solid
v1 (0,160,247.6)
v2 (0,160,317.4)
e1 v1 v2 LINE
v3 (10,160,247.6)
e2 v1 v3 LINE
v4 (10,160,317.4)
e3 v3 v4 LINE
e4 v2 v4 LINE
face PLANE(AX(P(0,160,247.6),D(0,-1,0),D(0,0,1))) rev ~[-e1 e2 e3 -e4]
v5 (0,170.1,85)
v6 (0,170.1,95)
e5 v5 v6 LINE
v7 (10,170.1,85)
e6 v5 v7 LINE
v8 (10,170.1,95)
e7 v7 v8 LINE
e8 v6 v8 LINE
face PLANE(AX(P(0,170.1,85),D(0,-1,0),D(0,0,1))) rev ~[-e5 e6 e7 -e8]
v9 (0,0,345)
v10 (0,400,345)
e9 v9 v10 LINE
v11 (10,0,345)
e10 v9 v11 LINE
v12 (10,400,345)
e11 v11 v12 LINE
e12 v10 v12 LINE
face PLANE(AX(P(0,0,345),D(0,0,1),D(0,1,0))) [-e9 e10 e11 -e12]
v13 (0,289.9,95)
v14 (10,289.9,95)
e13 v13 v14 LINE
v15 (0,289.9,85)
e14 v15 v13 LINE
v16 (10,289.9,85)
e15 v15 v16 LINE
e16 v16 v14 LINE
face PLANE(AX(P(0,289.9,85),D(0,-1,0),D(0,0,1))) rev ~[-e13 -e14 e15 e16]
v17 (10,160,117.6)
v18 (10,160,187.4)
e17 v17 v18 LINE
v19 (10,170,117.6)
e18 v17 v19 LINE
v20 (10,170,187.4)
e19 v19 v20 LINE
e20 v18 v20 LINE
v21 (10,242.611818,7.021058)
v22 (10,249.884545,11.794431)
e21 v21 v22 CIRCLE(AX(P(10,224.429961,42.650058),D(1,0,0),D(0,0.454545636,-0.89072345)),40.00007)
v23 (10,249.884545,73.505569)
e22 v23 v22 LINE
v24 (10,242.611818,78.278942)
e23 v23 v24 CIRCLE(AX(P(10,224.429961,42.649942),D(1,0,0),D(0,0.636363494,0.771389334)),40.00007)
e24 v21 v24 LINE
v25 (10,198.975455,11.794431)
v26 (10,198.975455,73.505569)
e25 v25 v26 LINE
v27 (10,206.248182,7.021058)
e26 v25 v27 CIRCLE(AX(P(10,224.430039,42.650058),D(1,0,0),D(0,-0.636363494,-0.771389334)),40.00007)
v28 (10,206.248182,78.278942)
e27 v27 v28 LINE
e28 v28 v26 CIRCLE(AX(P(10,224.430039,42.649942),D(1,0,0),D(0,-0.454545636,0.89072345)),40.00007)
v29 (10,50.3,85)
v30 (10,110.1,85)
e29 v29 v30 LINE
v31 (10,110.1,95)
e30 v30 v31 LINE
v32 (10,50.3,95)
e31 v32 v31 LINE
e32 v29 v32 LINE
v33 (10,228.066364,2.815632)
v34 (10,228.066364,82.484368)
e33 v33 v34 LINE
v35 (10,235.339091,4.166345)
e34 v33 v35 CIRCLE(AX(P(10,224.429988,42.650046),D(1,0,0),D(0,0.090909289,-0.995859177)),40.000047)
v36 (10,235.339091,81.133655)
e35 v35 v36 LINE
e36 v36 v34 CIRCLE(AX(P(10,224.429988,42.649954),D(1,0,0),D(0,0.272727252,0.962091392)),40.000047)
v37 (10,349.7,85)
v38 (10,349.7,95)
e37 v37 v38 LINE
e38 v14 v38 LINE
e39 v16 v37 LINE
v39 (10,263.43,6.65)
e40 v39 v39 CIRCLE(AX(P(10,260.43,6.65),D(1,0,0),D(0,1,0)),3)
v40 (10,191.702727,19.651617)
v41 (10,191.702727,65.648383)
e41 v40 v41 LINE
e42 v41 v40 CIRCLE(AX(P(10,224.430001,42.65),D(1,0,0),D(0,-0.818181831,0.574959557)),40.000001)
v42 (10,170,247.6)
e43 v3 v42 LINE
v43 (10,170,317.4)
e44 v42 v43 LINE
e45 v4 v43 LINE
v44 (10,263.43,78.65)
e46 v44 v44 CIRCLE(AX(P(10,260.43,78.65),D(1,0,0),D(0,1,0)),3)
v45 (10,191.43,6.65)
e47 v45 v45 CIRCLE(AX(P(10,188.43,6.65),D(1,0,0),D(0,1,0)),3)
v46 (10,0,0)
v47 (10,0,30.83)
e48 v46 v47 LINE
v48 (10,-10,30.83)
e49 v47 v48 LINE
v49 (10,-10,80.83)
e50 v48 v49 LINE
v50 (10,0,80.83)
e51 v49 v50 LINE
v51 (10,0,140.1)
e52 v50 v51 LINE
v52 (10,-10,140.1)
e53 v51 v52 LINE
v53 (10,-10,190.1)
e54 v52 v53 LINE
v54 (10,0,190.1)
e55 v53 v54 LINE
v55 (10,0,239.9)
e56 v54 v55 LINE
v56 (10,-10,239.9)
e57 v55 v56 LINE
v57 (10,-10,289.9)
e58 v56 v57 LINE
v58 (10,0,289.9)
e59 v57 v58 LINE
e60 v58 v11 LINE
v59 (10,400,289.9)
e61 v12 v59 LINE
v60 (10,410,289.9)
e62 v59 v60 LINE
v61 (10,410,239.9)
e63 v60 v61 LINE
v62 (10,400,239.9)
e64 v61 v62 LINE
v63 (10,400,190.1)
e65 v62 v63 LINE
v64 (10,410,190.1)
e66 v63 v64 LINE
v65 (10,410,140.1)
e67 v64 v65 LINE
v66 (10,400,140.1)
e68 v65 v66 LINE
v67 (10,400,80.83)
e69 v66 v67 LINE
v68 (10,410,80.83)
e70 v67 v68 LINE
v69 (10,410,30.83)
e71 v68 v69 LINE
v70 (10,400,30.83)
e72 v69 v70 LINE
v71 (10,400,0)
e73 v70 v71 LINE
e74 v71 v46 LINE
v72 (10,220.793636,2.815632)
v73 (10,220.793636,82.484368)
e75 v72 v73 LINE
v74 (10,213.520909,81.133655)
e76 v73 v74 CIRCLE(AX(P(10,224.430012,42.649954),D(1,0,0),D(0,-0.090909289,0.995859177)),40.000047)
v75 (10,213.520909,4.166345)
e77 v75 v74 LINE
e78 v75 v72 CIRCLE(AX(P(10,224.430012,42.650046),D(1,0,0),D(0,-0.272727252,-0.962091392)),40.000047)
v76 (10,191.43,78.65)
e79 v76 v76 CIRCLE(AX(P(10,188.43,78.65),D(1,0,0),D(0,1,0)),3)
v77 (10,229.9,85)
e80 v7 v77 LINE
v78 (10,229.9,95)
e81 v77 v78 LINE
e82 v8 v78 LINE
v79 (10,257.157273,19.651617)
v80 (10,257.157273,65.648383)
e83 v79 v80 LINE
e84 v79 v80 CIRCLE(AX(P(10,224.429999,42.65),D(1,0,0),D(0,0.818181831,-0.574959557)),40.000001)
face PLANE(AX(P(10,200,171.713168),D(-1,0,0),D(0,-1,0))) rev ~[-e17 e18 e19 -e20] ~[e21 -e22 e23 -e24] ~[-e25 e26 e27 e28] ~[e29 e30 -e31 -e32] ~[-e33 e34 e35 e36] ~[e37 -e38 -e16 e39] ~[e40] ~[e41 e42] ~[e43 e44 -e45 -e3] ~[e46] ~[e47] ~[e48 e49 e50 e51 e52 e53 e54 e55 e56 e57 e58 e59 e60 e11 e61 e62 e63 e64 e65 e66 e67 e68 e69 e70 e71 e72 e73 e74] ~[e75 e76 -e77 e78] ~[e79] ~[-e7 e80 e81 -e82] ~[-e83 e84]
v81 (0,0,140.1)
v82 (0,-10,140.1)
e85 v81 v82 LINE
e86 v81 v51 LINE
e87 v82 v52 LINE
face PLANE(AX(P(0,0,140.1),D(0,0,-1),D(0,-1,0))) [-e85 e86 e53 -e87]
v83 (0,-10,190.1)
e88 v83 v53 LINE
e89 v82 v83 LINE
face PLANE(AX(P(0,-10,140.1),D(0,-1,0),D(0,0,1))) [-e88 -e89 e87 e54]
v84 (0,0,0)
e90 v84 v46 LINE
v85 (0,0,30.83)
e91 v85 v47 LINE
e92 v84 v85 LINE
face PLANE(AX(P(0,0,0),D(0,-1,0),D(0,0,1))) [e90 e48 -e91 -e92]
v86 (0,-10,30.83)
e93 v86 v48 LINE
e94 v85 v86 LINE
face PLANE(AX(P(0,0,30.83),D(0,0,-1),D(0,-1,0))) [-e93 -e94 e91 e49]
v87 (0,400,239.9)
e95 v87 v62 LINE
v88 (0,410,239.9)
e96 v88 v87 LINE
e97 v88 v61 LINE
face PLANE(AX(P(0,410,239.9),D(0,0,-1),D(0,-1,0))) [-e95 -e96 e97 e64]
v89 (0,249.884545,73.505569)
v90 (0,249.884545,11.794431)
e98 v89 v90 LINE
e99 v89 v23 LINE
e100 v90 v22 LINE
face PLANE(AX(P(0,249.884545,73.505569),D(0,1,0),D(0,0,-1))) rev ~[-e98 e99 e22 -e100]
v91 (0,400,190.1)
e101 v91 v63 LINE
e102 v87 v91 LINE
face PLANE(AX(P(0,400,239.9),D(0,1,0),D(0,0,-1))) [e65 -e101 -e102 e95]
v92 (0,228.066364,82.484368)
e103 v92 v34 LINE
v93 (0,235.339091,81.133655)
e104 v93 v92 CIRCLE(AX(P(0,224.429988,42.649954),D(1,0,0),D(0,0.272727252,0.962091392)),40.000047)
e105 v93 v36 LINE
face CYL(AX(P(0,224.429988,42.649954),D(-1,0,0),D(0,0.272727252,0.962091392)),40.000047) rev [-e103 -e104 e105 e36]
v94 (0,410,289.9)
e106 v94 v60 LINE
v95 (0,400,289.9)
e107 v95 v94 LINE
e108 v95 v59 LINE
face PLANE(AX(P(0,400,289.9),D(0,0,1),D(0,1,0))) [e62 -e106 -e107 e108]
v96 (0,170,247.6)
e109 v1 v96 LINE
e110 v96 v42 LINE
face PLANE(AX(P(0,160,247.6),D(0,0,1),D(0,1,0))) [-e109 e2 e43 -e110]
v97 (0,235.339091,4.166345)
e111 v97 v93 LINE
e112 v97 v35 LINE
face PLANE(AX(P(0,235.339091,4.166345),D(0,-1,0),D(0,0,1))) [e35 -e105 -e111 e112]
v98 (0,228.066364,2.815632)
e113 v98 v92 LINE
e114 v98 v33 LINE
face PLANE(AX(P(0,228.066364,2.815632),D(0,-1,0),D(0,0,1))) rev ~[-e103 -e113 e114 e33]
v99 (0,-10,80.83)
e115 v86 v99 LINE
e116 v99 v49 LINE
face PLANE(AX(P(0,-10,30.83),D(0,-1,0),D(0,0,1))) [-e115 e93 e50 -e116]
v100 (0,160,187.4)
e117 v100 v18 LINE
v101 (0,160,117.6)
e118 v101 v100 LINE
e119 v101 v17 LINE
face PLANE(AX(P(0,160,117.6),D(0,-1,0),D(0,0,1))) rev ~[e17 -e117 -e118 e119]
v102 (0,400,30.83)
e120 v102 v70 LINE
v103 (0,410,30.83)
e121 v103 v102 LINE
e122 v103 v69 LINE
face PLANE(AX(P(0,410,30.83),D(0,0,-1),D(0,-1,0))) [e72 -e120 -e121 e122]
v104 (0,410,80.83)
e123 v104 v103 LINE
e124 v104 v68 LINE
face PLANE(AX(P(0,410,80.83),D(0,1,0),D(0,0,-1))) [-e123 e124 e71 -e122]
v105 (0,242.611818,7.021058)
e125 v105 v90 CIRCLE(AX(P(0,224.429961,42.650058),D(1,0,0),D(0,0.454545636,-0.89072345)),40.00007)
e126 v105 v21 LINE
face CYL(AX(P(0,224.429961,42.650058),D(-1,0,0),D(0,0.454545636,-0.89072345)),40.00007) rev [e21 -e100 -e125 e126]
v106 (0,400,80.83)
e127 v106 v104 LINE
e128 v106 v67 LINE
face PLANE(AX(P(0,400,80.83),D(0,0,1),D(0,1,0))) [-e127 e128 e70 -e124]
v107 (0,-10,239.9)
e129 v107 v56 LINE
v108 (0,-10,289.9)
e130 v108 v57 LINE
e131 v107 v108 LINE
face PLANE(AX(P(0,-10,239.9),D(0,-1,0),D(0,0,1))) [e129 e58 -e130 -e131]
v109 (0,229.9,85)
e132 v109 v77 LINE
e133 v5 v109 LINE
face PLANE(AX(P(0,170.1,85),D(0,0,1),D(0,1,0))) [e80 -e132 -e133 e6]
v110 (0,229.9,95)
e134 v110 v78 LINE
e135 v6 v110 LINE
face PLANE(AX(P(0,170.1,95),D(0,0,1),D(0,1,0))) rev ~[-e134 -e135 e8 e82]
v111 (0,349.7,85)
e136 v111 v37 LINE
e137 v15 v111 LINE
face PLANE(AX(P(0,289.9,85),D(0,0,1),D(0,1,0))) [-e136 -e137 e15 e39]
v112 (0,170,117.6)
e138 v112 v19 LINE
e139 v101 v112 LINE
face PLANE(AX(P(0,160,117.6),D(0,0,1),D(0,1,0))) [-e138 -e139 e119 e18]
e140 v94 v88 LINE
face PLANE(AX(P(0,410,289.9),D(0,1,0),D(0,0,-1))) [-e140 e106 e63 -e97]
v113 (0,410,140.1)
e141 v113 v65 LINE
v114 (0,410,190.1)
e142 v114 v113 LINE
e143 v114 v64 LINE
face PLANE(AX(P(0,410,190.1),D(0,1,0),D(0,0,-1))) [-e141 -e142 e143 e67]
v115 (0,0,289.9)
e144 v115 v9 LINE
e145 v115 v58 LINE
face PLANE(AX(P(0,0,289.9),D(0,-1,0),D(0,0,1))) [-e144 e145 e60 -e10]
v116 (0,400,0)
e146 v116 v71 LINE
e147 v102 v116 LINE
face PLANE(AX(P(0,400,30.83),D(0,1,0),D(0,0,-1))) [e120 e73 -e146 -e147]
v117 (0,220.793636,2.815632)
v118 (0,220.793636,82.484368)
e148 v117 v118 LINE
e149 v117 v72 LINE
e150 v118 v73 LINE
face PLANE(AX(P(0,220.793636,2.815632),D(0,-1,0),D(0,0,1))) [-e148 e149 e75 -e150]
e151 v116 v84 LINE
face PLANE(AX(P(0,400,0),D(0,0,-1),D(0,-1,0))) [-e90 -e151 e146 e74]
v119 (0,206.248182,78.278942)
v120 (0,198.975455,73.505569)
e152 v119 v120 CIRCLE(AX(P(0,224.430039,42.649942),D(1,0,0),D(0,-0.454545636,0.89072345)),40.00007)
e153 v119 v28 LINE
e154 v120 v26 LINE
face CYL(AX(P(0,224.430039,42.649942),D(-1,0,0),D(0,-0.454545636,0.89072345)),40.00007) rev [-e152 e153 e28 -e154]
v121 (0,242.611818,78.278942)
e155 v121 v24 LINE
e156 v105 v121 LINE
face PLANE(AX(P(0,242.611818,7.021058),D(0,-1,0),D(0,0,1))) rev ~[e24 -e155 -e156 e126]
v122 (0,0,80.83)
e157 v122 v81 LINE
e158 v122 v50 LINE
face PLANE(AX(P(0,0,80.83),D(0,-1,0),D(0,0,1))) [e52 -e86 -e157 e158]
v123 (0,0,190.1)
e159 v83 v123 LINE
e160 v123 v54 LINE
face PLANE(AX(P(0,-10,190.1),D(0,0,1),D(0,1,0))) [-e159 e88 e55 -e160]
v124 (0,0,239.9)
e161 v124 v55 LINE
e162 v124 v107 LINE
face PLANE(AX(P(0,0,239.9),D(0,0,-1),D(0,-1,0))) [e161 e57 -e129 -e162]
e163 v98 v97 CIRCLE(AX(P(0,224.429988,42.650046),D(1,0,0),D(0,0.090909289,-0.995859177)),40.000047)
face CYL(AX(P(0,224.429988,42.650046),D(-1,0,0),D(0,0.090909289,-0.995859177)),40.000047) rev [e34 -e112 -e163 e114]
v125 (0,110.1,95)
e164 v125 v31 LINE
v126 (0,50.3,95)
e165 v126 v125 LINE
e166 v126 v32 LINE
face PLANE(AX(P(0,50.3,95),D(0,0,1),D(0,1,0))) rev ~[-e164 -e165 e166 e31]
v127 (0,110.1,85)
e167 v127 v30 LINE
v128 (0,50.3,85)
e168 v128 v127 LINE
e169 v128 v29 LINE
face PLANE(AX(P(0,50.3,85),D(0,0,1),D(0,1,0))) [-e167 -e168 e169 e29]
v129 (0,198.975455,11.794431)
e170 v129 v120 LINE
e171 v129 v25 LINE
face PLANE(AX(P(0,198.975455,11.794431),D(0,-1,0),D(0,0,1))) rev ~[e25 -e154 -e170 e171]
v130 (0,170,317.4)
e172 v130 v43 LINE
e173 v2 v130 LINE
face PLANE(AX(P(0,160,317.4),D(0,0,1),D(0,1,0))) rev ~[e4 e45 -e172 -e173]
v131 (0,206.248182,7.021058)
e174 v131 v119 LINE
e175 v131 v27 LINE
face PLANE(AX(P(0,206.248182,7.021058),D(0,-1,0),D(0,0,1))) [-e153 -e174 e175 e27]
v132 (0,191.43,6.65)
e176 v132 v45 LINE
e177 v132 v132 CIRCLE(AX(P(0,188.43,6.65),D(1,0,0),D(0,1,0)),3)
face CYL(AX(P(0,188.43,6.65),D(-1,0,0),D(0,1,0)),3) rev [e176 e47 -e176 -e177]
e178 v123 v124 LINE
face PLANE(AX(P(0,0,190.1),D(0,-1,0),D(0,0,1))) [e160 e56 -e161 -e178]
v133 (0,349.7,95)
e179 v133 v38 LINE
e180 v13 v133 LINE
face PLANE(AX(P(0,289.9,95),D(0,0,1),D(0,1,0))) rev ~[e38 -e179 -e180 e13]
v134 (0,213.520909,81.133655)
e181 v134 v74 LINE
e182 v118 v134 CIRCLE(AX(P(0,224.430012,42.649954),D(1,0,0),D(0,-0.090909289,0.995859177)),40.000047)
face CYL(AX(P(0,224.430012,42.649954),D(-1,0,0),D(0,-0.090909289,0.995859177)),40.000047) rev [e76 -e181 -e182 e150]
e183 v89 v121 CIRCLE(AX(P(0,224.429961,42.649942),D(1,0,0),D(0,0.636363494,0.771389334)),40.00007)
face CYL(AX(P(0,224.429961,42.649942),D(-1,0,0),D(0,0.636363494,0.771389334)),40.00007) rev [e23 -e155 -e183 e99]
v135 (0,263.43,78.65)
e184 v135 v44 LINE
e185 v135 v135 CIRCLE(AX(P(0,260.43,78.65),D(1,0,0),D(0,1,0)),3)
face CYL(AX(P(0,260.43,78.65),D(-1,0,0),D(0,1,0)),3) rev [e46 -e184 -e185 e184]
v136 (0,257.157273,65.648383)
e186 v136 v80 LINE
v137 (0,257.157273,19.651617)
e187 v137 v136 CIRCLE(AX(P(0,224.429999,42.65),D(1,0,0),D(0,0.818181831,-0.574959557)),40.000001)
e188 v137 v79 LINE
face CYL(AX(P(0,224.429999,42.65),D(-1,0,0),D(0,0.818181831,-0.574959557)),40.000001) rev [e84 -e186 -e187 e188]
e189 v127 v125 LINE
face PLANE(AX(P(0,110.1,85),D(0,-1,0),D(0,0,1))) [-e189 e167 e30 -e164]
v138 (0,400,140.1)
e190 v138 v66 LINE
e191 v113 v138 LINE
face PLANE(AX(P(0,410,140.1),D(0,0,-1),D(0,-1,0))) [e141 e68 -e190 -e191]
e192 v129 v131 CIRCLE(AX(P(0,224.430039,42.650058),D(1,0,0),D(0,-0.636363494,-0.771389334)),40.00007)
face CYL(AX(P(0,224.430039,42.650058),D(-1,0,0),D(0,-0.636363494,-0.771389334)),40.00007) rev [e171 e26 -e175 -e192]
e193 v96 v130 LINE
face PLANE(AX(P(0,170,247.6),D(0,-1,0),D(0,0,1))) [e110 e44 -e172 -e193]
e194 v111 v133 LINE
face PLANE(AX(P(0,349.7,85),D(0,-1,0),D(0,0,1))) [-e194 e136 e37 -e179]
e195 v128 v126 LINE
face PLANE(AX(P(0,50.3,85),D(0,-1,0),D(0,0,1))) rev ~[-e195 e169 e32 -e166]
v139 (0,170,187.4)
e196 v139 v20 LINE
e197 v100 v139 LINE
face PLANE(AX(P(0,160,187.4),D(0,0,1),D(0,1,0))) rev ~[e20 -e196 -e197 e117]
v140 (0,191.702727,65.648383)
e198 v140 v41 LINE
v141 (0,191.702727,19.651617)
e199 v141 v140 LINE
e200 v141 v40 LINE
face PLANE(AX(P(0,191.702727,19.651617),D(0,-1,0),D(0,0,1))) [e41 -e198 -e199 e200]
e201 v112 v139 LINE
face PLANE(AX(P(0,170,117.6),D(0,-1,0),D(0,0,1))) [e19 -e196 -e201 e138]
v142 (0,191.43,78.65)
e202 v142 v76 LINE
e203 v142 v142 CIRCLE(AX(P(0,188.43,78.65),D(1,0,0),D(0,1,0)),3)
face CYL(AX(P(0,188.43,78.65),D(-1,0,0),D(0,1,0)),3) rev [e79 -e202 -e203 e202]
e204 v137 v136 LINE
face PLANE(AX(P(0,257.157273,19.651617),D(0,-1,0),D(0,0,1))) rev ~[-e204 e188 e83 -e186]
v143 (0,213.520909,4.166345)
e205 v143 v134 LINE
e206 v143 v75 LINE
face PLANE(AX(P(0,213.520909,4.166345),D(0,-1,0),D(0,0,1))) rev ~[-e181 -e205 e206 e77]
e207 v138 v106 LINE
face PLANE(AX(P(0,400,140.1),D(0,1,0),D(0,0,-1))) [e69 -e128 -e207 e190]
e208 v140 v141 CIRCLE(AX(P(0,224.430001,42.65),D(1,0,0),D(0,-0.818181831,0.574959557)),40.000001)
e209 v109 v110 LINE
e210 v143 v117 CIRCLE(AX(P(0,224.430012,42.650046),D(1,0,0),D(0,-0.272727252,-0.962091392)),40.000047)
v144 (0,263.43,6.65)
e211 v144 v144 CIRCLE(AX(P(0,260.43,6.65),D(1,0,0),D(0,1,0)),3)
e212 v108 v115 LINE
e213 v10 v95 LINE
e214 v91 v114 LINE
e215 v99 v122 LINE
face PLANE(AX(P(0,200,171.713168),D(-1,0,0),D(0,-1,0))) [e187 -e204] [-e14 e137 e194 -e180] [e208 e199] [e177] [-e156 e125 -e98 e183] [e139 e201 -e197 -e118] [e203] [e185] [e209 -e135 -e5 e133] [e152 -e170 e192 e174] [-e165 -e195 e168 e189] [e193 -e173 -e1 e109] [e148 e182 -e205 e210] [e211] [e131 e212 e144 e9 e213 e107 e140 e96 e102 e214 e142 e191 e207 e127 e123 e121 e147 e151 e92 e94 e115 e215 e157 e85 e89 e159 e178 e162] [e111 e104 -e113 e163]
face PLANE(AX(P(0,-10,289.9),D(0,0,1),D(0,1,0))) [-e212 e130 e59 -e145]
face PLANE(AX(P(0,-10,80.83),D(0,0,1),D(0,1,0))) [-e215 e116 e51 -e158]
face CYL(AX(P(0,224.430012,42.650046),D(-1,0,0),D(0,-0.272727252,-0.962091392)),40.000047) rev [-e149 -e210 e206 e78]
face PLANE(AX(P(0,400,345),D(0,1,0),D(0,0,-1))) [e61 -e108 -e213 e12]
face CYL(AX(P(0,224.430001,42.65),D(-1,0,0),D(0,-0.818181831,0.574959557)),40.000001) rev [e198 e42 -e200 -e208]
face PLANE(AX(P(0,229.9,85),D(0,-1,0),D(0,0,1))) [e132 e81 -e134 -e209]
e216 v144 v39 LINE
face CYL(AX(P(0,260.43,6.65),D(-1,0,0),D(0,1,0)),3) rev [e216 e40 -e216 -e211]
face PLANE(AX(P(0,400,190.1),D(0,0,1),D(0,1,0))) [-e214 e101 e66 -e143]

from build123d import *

# Parameters (mm, degrees)
SKETCH_R   = 3
SKETCH_W   = 59.8
SKETCH_H   = 10
SKETCH_W_2 = 10
SKETCH_H_2 = 69.8
PAD_DEPTH  = 10


with BuildPart() as part:
    # Sketch → Pad (new body)
    with BuildSketch(Plane.YZ):
        Polygon((0, 0), (0, 30.83), (-10, 30.83), (-10, 80.83), (0, 80.83), (0, 140.1), (-10, 140.1), (-10, 190.1), (0, 190.1), (0, 239.9), (-10, 239.9), (-10, 289.9), (0, 289.9), (0, 345), (400, 345), (400, 289.9), (410, 289.9), (410, 239.9), (400, 239.9), (400, 190.1), (410, 190.1), (410, 140.1), (400, 140.1), (400, 80.83), (410, 80.83), (410, 30.83), (400, 30.83), (400, 0), align=None)
        with Locations((188.43, 6.65)):
            Circle(SKETCH_R, mode=Mode.SUBTRACT)
        with Locations((260.43, 6.65)):
            Circle(SKETCH_R, mode=Mode.SUBTRACT)
        with Locations((260.43, 78.65)):
            Circle(SKETCH_R, mode=Mode.SUBTRACT)
        with Locations((188.43, 78.65)):
            Circle(SKETCH_R, mode=Mode.SUBTRACT)
        with Locations((80.2, 90)):
            Rectangle(SKETCH_W, SKETCH_H, mode=Mode.SUBTRACT)
        with Locations((200, 90)):
            Rectangle(SKETCH_W, SKETCH_H, mode=Mode.SUBTRACT)
        with Locations((319.8, 90)):
            Rectangle(SKETCH_W, SKETCH_H, mode=Mode.SUBTRACT)
        with Locations((165, 282.5)):
            Rectangle(SKETCH_W_2, SKETCH_H_2, mode=Mode.SUBTRACT)
        with Locations((165, 152.5)):
            Rectangle(SKETCH_W_2, SKETCH_H_2, mode=Mode.SUBTRACT)
        with BuildLine():
            ThreePointArc((191.702727, 65.648383), (184.43, 42.65), (191.702727, 19.651617))
            Line((191.702727, 19.651617), (191.702727, 65.648383))
        make_face(mode=Mode.SUBTRACT)
        with BuildLine():
            Line((198.975455, 11.794431), (198.975455, 73.505569))
            ThreePointArc((206.248182, 78.278942), (202.481667, 76.090554), (198.975455, 73.505569))
            Line((206.248182, 7.021058), (206.248182, 78.278942))
            ThreePointArc((198.975455, 11.794431), (202.481667, 9.209446), (206.248182, 7.021058))
        make_face(mode=Mode.SUBTRACT)
        with BuildLine():
            Line((213.520909, 4.166345), (213.520909, 81.133655))
            ThreePointArc((220.793636, 82.484368), (217.125983, 81.977488), (213.520909, 81.133655))
            Line((220.793636, 2.815632), (220.793636, 82.484368))
            ThreePointArc((213.520909, 4.166345), (217.125983, 3.322512), (220.793636, 2.815632))
        make_face(mode=Mode.SUBTRACT)
        with BuildLine():
            Line((228.066364, 2.815632), (228.066364, 82.484368))
            ThreePointArc((235.339091, 81.133655), (231.734017, 81.977488), (228.066364, 82.484368))
            Line((235.339091, 4.166345), (235.339091, 81.133655))
            ThreePointArc((228.066364, 2.815632), (231.734017, 3.322512), (235.339091, 4.166345))
        make_face(mode=Mode.SUBTRACT)
        with BuildLine():
            Line((242.611818, 7.021058), (242.611818, 78.278942))
            ThreePointArc((249.884545, 73.505569), (246.378333, 76.090554), (242.611818, 78.278942))
            Line((249.884545, 73.505569), (249.884545, 11.794431))
            ThreePointArc((242.611818, 7.021058), (246.378333, 9.209446), (249.884545, 11.794431))
        make_face(mode=Mode.SUBTRACT)
        with BuildLine():
            Line((257.157273, 19.651617), (257.157273, 65.648383))
            ThreePointArc((257.157273, 19.651617), (264.43, 42.65), (257.157273, 65.648383))
        make_face(mode=Mode.SUBTRACT)
    extrude(amount=PAD_DEPTH)


solid = part.part
